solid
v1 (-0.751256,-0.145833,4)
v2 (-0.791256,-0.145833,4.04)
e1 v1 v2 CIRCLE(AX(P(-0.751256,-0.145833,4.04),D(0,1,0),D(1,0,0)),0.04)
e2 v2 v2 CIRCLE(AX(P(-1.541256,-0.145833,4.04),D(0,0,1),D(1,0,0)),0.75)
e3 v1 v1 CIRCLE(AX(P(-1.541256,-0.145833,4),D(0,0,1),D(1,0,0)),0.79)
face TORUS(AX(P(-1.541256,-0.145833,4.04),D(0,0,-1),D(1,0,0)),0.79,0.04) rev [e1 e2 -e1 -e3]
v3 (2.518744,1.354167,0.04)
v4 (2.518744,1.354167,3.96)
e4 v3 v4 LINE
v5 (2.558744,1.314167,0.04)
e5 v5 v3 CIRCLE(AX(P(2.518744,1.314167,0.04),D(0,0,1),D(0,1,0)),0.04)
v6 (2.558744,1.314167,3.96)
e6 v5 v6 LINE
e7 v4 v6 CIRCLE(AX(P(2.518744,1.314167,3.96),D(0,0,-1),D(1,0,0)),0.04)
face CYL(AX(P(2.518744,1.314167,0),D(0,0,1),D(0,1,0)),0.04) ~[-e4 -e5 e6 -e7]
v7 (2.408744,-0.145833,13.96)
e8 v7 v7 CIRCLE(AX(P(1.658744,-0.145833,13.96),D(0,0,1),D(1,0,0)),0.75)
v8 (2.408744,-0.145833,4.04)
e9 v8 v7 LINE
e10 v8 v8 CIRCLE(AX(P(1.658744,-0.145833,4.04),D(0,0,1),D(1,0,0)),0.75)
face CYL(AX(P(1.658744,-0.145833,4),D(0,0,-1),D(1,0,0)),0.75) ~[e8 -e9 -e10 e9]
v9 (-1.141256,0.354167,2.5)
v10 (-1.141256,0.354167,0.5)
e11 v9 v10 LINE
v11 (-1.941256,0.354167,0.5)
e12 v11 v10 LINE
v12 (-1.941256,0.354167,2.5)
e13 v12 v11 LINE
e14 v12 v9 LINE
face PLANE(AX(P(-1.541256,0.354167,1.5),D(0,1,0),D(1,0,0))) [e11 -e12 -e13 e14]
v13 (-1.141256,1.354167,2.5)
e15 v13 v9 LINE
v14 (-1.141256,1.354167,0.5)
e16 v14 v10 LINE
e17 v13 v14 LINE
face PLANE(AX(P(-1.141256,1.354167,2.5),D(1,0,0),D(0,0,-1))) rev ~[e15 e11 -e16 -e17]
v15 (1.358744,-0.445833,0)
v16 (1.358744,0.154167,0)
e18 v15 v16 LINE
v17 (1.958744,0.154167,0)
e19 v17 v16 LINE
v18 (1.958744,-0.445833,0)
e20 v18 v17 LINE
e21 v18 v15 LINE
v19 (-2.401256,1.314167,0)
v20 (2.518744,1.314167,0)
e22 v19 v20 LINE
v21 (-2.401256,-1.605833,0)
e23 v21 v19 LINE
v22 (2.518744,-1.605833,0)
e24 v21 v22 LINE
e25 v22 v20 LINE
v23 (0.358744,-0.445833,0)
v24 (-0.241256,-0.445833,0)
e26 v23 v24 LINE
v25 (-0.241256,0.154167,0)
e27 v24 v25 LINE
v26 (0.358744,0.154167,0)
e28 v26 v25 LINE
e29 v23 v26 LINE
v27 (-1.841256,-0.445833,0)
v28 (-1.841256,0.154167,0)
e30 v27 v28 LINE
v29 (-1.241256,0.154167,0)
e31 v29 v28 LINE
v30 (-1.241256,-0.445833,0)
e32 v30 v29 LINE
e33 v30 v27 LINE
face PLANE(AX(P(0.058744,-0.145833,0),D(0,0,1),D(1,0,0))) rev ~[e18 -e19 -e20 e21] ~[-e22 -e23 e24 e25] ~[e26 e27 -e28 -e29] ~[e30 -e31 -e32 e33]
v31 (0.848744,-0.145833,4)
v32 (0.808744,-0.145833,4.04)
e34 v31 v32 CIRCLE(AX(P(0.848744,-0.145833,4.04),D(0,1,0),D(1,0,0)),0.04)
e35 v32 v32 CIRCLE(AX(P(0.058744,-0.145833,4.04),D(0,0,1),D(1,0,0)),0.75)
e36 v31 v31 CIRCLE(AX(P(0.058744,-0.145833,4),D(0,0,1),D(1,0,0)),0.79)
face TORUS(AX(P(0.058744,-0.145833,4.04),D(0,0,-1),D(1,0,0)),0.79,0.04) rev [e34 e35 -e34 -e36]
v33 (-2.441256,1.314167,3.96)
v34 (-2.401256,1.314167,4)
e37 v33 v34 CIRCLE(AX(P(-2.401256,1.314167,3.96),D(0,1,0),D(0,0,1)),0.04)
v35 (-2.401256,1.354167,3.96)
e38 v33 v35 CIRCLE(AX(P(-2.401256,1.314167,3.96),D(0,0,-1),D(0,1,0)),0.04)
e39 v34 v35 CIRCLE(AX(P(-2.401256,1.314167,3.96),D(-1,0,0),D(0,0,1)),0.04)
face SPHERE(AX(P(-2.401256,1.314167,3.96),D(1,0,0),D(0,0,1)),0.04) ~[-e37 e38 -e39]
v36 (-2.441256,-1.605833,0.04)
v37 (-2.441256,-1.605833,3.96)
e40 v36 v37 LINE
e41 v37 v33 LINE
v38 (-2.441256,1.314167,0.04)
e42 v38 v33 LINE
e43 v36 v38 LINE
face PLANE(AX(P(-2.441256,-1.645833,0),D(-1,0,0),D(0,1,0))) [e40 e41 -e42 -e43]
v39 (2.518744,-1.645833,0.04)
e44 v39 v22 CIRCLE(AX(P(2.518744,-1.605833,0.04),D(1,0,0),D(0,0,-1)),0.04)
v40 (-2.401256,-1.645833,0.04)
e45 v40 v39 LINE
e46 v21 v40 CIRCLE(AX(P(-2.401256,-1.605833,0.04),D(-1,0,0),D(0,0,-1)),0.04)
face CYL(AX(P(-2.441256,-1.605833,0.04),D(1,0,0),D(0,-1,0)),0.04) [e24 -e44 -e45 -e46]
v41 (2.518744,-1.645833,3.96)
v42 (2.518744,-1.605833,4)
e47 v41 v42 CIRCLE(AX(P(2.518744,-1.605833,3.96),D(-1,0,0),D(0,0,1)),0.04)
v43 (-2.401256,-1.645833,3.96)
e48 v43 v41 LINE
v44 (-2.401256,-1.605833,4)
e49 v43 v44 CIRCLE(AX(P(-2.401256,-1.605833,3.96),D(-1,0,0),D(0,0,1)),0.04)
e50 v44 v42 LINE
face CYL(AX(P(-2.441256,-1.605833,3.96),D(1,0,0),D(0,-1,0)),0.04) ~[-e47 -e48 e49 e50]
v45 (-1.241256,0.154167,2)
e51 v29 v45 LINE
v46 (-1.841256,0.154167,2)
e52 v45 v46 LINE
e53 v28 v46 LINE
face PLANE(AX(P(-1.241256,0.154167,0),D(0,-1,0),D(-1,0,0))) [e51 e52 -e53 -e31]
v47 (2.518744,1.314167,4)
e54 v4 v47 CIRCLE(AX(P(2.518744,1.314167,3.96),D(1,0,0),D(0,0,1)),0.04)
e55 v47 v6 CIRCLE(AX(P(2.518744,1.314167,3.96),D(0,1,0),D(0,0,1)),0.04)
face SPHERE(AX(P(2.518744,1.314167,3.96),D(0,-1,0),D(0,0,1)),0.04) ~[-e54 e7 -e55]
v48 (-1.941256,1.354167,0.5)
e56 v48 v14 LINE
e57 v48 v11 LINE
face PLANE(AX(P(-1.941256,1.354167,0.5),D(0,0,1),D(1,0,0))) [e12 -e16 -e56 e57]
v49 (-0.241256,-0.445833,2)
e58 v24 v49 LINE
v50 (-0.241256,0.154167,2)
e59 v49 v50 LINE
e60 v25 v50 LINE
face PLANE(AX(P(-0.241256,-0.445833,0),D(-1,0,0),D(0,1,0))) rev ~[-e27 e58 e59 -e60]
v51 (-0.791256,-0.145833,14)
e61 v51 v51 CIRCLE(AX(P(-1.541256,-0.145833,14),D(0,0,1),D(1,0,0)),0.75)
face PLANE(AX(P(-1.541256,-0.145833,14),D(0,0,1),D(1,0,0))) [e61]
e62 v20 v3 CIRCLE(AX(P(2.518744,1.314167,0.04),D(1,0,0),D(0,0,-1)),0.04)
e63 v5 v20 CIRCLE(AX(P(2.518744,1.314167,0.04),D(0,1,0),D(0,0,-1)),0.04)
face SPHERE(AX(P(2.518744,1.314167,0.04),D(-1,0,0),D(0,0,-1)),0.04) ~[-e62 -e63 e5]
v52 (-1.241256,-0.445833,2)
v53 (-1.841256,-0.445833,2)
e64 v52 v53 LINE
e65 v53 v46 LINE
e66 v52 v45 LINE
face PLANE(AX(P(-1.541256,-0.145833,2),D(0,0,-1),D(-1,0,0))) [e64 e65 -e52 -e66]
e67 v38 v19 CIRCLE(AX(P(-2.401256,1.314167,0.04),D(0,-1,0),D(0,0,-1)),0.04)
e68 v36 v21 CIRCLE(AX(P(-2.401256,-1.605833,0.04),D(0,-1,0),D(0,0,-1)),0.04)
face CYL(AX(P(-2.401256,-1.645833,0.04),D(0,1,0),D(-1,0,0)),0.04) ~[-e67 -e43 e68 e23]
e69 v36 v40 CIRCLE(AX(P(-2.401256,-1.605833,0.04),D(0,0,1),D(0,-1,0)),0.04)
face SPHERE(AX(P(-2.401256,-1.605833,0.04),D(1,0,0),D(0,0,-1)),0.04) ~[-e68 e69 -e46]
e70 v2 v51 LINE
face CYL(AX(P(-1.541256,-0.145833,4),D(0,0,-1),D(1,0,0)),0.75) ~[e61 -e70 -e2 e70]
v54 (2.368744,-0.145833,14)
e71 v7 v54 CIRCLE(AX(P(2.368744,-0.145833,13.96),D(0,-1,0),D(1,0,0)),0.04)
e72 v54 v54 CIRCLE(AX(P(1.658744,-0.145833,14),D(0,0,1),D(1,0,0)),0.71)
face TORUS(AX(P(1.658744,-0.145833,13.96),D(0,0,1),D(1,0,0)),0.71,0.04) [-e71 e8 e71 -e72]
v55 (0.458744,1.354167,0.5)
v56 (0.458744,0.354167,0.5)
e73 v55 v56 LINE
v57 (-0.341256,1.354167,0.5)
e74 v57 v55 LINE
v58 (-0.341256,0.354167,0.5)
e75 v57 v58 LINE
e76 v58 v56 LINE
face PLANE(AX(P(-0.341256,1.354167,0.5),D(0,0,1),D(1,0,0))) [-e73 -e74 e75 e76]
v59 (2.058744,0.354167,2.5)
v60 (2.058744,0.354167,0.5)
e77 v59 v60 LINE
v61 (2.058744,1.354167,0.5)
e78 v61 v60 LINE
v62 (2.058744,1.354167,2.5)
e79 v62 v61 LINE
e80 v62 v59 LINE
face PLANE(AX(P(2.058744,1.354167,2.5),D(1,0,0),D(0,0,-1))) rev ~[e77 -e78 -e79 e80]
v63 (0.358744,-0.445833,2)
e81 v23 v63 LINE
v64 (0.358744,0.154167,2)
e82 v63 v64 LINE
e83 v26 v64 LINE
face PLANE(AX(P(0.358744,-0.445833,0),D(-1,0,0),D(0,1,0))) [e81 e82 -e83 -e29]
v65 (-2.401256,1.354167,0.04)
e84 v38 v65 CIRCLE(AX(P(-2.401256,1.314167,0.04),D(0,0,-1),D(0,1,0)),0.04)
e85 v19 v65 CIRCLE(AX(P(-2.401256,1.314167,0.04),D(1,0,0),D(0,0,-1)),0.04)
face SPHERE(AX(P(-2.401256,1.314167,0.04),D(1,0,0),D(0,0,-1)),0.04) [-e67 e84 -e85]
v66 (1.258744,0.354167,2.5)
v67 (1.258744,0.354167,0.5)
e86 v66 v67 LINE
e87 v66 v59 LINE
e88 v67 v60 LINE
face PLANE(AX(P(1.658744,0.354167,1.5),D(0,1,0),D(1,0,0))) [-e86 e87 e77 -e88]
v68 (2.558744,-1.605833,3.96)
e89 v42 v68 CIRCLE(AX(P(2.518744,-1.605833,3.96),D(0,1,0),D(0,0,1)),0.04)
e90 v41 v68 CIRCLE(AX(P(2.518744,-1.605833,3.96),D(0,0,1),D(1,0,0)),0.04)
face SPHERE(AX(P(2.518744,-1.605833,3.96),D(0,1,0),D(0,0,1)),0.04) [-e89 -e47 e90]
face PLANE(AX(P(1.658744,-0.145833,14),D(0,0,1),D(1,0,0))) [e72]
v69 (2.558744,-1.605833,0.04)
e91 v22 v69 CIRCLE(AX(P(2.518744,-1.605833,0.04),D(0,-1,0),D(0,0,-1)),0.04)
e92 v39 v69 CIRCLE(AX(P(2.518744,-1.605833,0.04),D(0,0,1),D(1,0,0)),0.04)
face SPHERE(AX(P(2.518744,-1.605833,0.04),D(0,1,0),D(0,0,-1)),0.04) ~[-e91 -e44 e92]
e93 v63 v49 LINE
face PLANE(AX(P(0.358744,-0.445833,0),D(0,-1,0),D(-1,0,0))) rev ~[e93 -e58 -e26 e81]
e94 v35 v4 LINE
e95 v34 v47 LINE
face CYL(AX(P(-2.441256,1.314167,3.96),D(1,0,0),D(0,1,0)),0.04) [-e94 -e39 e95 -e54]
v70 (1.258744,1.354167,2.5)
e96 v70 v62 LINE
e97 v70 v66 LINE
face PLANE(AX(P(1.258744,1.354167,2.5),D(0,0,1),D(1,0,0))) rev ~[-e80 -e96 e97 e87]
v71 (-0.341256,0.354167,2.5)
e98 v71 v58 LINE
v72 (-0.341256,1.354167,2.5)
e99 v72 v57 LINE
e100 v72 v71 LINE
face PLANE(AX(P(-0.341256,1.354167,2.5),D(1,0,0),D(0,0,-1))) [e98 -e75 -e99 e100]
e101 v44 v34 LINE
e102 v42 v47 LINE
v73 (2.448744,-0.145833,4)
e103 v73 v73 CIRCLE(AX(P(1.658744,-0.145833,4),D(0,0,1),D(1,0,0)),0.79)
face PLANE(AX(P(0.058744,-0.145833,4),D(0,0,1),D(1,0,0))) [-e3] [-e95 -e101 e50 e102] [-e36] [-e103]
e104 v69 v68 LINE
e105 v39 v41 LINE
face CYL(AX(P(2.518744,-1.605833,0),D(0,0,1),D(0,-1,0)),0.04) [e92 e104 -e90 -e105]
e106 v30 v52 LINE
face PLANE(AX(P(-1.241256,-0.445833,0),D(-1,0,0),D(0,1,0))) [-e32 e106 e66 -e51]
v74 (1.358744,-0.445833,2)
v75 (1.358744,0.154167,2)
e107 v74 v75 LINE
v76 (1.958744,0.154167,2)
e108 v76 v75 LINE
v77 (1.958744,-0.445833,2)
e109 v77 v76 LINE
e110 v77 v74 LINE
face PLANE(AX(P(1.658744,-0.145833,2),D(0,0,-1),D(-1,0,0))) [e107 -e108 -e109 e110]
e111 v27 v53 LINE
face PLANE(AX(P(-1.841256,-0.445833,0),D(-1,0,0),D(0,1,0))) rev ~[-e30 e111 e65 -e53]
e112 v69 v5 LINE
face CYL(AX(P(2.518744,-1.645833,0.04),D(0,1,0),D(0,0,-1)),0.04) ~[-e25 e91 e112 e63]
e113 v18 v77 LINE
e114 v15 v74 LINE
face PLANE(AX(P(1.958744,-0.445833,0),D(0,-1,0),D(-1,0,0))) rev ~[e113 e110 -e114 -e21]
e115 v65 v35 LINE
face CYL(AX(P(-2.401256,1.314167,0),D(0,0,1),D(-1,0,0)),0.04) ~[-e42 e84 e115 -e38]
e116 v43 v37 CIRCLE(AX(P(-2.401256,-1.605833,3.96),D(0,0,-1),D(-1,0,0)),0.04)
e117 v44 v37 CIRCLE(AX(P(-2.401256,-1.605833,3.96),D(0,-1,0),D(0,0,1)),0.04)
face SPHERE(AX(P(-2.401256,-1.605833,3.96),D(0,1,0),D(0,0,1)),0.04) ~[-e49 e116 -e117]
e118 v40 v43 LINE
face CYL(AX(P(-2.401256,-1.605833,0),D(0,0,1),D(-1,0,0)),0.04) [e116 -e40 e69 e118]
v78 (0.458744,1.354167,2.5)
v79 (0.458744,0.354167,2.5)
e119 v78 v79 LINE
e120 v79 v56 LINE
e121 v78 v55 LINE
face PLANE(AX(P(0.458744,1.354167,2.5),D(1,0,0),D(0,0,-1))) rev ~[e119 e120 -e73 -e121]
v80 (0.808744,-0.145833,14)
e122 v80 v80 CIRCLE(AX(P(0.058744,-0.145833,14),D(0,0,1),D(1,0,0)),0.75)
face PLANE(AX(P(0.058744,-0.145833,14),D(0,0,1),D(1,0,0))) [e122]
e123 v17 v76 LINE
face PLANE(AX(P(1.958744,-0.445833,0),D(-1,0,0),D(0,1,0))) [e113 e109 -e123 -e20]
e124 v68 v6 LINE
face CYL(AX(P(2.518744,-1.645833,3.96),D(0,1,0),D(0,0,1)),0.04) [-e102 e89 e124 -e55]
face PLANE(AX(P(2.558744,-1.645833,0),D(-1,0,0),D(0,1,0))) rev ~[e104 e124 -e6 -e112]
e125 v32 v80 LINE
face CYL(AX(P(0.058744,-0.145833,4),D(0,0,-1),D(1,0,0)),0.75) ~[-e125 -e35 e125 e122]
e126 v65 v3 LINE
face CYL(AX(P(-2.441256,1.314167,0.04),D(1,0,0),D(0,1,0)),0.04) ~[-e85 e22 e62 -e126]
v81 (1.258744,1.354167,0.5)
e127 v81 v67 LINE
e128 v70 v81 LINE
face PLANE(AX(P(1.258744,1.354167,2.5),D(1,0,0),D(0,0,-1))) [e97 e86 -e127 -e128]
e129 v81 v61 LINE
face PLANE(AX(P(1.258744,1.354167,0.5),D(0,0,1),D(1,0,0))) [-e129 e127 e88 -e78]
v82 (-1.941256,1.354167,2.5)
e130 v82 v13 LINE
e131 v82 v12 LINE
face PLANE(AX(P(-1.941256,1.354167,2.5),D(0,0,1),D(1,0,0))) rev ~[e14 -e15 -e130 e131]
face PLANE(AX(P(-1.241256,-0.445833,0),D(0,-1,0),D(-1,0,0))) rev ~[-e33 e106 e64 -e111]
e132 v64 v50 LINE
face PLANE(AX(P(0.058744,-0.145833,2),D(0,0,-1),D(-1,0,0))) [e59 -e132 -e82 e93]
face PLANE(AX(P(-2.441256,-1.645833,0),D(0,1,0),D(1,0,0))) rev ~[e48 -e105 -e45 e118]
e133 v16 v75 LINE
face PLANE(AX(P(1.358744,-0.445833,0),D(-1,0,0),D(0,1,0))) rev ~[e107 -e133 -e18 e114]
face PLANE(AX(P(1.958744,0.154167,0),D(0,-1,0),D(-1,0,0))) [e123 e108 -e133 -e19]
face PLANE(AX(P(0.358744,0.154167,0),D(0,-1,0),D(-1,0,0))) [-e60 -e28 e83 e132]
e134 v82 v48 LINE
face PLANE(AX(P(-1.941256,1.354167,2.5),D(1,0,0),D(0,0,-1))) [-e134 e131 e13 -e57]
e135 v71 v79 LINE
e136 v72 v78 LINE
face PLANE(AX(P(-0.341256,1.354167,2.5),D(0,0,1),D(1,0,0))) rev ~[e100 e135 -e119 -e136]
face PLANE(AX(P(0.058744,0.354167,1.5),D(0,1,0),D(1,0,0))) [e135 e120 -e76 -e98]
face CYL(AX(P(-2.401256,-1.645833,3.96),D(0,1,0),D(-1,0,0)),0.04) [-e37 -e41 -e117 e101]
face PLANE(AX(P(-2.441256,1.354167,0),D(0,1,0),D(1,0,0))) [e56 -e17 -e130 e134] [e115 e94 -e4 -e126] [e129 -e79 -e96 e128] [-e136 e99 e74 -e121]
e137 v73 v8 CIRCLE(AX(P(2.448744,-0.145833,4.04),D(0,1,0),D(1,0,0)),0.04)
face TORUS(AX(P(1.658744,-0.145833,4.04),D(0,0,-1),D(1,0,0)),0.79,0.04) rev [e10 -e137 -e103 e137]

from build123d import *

# Parameters (mm, degrees)
SKETCH_1_W          = 5
SKETCH_1_H          = 3
EXTRUDE_1_DEPTH     = 4
SKETCH_2_R          = 0.75
EXTRUDE_5_DEPTH     = 10
SKETCH_4_W          = 0.8
SKETCH_4_H          = 2
CUT_EXTRUDE_1_DEPTH = 1
SKETCH_5_W          = 0.6
SKETCH_5_H          = 0.6
CUT_EXTRUDE_2_DEPTH = 2
FILLET_1_R          = 0.04


with BuildPart() as part:
    # 草圖1 → 填料-伸長1 (new body)
    with BuildSketch(Plane.XY):
        with Locations((0.05874417, -0.145833333)):
            Rectangle(SKETCH_1_W, SKETCH_1_H)
    extrude(amount=EXTRUDE_1_DEPTH)

    # 草圖2 → 填料-伸長5 (add)
    with BuildSketch(Plane.XY.offset(4)):
        with Locations((-1.54125583, -0.145833333)):
            Circle(SKETCH_2_R)
        with Locations((0.05874417, -0.145833333)):
            Circle(SKETCH_2_R)
        with Locations((1.65874417, -0.145833333)):
            Circle(SKETCH_2_R)
    extrude(amount=EXTRUDE_5_DEPTH)

    # 草圖4 → 除料-伸長1 (cut)
    with BuildSketch(Plane(origin=(0, 1.354166667, 0), x_dir=(1, 0, 0), z_dir=(0, 1, 0))):
        with Locations((1.65874417, -1.5)):
            Rectangle(SKETCH_4_W, SKETCH_4_H)
        with Locations((0.05874417, -1.5)):
            Rectangle(SKETCH_4_W, SKETCH_4_H)
        with Locations((-1.54125583, -1.5)):
            Rectangle(SKETCH_4_W, SKETCH_4_H)
    extrude(amount=-CUT_EXTRUDE_1_DEPTH, mode=Mode.SUBTRACT)

    # 草圖5 → 除料-伸長2 (cut)
    with BuildSketch(Plane(origin=(0, 0, 0), x_dir=(-1, 0, 0), z_dir=(0, 0, -1))):
        with Locations((-1.65874417, -0.145833333)):
            Rectangle(SKETCH_5_W, SKETCH_5_H)
        with Locations((-0.05874417, -0.145833333)):
            Rectangle(SKETCH_5_W, SKETCH_5_H)
        with Locations((1.54125583, -0.145833333)):
            Rectangle(SKETCH_5_W, SKETCH_5_H)
    extrude(amount=-CUT_EXTRUDE_2_DEPTH, mode=Mode.SUBTRACT)

    # 圓角1
    fillet_1_edges = [part.edges().sort_by_distance(p)[0] for p in [
        (2.55874417, -0.145833333, 4),
        (0.05874417, 1.354166667, 4),
        (-2.29125583, -0.145833333, 4),
        (-0.69125583, -0.145833333, 4),
        (0.90874417, -0.145833333, 4),
        (0.90874417, -0.145833333, 14),
        (-2.44125583, -0.145833333, 4),
        (0.05874417, 1.354166667, 0),
        (2.55874417, -0.145833333, 0),
        (0.05874417, -1.645833333, 0),
        (-2.44125583, -0.145833333, 0),
        (0.05874417, -1.645833333, 4),
        (-2.44125583, 1.354166667, 2),
        (2.55874417, 1.354166667, 2),
        (2.55874417, -1.645833333, 2),
        (-2.44125583, -1.645833333, 2),
    ]]
    fillet(fillet_1_edges, radius=FILLET_1_R)


solid = part.part
